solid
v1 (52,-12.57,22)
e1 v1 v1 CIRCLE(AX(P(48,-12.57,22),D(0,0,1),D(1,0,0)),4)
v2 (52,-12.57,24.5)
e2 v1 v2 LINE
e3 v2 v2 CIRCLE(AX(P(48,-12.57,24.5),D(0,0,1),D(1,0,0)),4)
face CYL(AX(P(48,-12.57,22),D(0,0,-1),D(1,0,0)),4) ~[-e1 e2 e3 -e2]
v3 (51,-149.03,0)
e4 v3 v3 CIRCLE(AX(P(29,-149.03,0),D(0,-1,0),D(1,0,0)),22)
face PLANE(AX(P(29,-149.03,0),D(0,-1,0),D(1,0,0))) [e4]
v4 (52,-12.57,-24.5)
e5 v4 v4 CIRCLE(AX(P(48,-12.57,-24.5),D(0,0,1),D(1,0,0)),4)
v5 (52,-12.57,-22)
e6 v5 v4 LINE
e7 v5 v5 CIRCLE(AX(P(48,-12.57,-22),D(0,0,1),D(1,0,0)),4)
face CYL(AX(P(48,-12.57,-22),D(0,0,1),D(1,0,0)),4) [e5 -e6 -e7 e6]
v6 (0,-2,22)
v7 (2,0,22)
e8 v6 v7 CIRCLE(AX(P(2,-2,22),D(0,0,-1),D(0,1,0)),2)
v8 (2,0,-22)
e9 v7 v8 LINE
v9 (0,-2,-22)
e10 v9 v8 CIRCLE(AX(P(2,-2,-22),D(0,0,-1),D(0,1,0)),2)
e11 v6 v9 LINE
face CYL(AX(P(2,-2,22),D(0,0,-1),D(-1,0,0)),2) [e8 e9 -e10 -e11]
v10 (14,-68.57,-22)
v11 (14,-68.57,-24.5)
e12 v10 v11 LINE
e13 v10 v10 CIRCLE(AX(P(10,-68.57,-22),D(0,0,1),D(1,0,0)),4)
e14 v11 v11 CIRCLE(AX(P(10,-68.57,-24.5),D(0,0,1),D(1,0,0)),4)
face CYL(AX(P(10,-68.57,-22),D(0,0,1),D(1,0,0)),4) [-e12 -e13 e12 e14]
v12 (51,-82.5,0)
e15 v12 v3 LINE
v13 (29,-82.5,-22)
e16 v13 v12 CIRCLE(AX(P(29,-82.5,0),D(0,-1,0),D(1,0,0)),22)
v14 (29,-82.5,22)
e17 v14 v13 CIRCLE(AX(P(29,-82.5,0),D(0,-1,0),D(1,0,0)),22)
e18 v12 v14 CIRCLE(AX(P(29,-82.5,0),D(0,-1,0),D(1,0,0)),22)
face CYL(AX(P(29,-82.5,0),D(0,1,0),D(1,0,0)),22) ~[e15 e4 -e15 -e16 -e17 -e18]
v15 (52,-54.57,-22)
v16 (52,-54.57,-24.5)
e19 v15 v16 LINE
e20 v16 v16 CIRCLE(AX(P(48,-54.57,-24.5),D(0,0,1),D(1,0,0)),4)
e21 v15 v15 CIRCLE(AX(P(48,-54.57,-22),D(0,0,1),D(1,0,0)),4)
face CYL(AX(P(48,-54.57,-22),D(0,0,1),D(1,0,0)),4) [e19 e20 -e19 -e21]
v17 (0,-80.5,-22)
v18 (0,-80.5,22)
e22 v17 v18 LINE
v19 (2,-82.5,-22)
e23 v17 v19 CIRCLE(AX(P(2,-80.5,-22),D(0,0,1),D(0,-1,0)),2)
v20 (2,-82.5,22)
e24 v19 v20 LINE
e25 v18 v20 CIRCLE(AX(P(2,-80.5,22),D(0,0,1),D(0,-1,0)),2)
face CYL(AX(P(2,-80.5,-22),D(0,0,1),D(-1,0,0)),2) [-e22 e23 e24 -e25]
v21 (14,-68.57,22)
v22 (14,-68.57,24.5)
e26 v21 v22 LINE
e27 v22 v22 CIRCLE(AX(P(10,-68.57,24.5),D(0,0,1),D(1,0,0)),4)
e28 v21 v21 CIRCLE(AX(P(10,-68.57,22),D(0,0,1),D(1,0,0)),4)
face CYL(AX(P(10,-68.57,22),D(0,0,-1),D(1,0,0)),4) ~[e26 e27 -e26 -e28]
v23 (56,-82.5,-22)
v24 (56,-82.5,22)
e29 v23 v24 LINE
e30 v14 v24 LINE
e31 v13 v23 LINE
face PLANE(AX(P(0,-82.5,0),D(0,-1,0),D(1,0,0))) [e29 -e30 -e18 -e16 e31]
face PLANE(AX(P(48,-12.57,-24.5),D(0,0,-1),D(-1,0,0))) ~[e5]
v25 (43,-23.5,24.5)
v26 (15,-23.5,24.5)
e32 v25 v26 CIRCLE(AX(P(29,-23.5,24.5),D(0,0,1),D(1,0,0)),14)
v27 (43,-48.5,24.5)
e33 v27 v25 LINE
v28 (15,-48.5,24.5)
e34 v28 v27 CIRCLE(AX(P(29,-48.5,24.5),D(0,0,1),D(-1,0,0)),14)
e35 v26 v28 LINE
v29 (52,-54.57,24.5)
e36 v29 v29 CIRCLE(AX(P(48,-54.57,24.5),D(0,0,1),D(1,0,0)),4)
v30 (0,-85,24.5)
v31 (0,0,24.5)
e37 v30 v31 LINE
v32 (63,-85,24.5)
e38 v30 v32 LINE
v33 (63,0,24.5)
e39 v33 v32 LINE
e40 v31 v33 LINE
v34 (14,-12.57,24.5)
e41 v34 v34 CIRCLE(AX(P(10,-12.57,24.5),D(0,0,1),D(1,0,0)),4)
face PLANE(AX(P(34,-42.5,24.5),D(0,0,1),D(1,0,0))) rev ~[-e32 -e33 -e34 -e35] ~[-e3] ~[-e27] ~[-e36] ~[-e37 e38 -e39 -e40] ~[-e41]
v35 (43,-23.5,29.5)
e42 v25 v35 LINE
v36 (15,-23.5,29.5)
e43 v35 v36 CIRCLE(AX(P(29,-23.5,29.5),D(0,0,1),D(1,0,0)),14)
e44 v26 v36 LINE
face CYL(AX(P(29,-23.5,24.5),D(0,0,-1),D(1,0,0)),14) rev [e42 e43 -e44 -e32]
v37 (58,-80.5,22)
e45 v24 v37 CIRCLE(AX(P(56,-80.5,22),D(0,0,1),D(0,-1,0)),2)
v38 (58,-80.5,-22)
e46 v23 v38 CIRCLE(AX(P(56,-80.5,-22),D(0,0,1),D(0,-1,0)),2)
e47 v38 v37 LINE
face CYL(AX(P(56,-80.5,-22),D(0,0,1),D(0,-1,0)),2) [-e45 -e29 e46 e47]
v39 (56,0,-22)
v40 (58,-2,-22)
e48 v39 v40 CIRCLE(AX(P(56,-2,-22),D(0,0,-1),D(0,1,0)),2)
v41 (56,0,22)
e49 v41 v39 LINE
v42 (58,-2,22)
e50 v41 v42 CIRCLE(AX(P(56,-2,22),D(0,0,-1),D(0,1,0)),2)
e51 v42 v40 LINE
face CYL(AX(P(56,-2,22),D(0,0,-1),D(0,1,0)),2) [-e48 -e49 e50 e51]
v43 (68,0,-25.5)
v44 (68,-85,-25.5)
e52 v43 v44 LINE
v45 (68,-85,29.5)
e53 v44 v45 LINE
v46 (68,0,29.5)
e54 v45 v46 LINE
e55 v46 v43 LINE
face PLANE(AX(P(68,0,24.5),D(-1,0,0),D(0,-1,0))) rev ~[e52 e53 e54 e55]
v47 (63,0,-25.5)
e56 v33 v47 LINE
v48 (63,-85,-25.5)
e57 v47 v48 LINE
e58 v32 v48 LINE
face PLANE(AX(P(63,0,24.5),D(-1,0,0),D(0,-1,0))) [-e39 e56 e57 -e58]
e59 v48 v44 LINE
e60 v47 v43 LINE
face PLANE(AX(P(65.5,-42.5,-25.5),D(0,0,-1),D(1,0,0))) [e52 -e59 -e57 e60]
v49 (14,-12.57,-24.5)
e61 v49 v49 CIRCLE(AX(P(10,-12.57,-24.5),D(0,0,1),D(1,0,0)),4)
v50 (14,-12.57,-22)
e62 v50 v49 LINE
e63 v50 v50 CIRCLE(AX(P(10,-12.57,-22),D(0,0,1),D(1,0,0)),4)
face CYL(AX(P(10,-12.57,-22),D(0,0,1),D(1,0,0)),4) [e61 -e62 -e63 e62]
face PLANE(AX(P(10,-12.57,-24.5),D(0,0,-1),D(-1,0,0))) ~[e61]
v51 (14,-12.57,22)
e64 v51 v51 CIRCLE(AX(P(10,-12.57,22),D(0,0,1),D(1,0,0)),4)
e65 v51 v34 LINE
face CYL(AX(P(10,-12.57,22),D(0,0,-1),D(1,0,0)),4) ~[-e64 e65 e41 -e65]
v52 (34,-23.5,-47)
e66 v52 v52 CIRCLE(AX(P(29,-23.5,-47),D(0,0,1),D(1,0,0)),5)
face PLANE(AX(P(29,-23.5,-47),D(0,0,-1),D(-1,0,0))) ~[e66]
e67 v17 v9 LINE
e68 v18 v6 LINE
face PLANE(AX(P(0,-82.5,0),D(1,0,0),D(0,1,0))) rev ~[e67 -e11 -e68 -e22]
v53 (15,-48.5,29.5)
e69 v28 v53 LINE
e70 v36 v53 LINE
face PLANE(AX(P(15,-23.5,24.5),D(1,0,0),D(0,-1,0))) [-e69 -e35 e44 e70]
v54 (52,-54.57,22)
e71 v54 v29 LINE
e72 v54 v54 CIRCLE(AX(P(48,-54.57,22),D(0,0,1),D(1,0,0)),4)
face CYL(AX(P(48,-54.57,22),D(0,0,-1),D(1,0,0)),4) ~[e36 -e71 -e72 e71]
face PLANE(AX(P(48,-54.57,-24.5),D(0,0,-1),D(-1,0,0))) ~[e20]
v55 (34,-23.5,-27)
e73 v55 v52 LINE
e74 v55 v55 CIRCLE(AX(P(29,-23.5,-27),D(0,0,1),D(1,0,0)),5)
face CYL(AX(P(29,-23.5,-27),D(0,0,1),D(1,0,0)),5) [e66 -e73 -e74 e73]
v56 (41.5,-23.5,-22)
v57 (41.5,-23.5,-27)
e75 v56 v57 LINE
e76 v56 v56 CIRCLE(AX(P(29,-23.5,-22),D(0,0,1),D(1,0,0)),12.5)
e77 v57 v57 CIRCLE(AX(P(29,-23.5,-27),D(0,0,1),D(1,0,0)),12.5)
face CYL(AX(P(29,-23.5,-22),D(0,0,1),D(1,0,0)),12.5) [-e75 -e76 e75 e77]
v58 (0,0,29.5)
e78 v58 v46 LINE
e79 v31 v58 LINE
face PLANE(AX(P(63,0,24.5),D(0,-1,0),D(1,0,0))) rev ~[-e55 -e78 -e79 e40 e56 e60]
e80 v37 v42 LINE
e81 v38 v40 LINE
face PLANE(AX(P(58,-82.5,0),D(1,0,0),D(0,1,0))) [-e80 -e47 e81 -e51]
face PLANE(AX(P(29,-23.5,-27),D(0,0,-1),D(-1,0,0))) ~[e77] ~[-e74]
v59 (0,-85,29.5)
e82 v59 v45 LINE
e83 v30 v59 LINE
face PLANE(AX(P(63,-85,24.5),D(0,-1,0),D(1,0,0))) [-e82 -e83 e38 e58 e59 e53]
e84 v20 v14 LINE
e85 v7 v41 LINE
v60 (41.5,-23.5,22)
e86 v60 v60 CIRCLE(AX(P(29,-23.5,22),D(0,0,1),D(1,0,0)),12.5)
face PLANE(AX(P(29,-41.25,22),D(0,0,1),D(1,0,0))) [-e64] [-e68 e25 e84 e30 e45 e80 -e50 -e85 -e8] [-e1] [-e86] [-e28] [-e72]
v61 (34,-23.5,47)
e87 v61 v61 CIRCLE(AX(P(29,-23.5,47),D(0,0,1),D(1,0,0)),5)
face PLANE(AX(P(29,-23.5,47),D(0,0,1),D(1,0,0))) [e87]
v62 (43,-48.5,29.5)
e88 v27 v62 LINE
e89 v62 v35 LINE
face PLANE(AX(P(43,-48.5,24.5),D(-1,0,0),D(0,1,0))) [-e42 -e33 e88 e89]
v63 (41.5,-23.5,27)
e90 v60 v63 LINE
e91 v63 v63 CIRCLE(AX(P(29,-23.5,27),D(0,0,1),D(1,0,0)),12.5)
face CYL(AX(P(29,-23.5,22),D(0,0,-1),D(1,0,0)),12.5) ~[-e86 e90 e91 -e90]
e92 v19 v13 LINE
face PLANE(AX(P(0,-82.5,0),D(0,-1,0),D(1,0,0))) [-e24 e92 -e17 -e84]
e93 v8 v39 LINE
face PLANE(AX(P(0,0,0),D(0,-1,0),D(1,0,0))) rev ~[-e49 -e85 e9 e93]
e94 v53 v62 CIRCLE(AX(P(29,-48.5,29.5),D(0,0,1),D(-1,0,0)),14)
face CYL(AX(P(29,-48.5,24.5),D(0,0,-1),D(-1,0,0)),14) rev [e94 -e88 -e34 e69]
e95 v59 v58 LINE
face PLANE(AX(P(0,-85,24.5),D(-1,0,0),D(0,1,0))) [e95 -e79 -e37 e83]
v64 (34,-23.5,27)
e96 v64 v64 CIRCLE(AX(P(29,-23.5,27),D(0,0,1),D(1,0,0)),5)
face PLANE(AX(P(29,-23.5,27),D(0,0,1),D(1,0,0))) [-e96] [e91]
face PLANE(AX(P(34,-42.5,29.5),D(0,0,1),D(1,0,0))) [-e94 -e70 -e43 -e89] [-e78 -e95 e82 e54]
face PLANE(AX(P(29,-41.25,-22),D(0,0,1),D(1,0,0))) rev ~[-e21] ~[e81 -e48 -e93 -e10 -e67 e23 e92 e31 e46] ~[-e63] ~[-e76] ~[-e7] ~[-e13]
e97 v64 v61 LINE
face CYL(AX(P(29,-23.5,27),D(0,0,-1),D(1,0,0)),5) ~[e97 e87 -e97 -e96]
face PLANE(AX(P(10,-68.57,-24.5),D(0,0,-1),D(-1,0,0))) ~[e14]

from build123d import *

# Parameters (mm, degrees)
SKETCH_W       = 58
SKETCH_H       = 82.5
PAD_DEPTH      = 22
PAD_DEPTH_BACK = 22
SKETCH001_R    = 12.5
PAD001_DEPTH   = 5
SKETCH002_R    = 5
PAD002_DEPTH   = 20
SKETCH003_R    = 4
PAD003_DEPTH   = 2.5
FILLET_R       = 2
SKETCH004_R    = 22
PAD004_DEPTH   = 66.53
SKETCH005_W    = 68
SKETCH005_H    = 85
PAD005_DEPTH   = 5
SKETCH006_W    = 5
SKETCH006_H    = 85
PAD006_DEPTH   = 50


with BuildPart() as part:
    # Sketch → Pad (new body, two sides)
    with BuildSketch(Plane.XY) as pad_sk:
        with Locations((29, -41.25)):
            Rectangle(SKETCH_W, SKETCH_H)
    extrude(amount=PAD_DEPTH)
    extrude(pad_sk.sketch, amount=-PAD_DEPTH_BACK)

    # Sketch001 (on Face6 of Pad) → Pad001 (join)
    with BuildSketch(Plane.XY.offset(22)):
        with Locations((29, -23.5)):
            Circle(SKETCH001_R)
    pad001 = extrude(amount=PAD001_DEPTH)

    # Mirrored: Pad001 across XY
    add(pad001.mirror(Plane.XY))

    # Sketch002 (on Face10 of Mirrored) → Pad002 (join)
    with BuildSketch(Plane.XY.offset(27)):
        with Locations((29, -23.5)):
            Circle(SKETCH002_R)
    pad002 = extrude(amount=PAD002_DEPTH)

    # Mirrored001: Pad002 across XY
    add(pad002.mirror(Plane.XY))

    # Sketch003 (on Face5 of Mirrored001) → Pad003 (join)
    with BuildSketch(Plane.XY.offset(22)):
        with Locations((10, -12.57)):
            Circle(SKETCH003_R)
        with Locations((48, -12.57)):
            Circle(SKETCH003_R)
        with Locations((10, -68.57)):
            Circle(SKETCH003_R)
        with Locations((48, -54.57)):
            Circle(SKETCH003_R)
    pad003 = extrude(amount=PAD003_DEPTH)

    # Mirrored002: Pad003 across XY
    add(pad003.mirror(Plane.XY))

    # Fillet
    fillet_edges = [part.edges().sort_by_distance(p)[0] for p in [
        (58, 0, 0),
        (0, 0, 0),
        (58, -82.5, 0),
        (0, -82.5, 0),
    ]]
    fillet(fillet_edges, radius=FILLET_R)

    # Sketch004 (on Face10 of Fillet) → Pad004 (join)
    with BuildSketch(Plane.XZ.offset(82.5)):
        with Locations((29, 0)):
            Circle(SKETCH004_R)
    extrude(amount=PAD004_DEPTH)

    # Sketch005 (on Face32 of Pad004) → Pad005 (join)
    with BuildSketch(Plane.XY.offset(24.5)):
        with Locations((34, -42.5)):
            Rectangle(SKETCH005_W, SKETCH005_H)
        with BuildLine():
            ThreePointArc((43, -23.5), (29, -9.5), (15, -23.5))
            Line((15, -23.5), (15, -48.5))
            ThreePointArc((15, -48.5), (29, -62.5), (43, -48.5))
            Line((43, -48.5), (43, -23.5))
        make_face(mode=Mode.SUBTRACT)
    extrude(amount=PAD005_DEPTH)

    # Sketch006 (on Face4 of Pad005) → Pad006 (join)
    with BuildSketch(Plane(origin=(0, 0, 24.5), x_dir=(1, 0, 0), z_dir=(0, 0, -1))):
        with Locations((65.5, 42.5)):
            Rectangle(SKETCH006_W, SKETCH006_H)
    extrude(amount=PAD006_DEPTH)


solid = part.part
